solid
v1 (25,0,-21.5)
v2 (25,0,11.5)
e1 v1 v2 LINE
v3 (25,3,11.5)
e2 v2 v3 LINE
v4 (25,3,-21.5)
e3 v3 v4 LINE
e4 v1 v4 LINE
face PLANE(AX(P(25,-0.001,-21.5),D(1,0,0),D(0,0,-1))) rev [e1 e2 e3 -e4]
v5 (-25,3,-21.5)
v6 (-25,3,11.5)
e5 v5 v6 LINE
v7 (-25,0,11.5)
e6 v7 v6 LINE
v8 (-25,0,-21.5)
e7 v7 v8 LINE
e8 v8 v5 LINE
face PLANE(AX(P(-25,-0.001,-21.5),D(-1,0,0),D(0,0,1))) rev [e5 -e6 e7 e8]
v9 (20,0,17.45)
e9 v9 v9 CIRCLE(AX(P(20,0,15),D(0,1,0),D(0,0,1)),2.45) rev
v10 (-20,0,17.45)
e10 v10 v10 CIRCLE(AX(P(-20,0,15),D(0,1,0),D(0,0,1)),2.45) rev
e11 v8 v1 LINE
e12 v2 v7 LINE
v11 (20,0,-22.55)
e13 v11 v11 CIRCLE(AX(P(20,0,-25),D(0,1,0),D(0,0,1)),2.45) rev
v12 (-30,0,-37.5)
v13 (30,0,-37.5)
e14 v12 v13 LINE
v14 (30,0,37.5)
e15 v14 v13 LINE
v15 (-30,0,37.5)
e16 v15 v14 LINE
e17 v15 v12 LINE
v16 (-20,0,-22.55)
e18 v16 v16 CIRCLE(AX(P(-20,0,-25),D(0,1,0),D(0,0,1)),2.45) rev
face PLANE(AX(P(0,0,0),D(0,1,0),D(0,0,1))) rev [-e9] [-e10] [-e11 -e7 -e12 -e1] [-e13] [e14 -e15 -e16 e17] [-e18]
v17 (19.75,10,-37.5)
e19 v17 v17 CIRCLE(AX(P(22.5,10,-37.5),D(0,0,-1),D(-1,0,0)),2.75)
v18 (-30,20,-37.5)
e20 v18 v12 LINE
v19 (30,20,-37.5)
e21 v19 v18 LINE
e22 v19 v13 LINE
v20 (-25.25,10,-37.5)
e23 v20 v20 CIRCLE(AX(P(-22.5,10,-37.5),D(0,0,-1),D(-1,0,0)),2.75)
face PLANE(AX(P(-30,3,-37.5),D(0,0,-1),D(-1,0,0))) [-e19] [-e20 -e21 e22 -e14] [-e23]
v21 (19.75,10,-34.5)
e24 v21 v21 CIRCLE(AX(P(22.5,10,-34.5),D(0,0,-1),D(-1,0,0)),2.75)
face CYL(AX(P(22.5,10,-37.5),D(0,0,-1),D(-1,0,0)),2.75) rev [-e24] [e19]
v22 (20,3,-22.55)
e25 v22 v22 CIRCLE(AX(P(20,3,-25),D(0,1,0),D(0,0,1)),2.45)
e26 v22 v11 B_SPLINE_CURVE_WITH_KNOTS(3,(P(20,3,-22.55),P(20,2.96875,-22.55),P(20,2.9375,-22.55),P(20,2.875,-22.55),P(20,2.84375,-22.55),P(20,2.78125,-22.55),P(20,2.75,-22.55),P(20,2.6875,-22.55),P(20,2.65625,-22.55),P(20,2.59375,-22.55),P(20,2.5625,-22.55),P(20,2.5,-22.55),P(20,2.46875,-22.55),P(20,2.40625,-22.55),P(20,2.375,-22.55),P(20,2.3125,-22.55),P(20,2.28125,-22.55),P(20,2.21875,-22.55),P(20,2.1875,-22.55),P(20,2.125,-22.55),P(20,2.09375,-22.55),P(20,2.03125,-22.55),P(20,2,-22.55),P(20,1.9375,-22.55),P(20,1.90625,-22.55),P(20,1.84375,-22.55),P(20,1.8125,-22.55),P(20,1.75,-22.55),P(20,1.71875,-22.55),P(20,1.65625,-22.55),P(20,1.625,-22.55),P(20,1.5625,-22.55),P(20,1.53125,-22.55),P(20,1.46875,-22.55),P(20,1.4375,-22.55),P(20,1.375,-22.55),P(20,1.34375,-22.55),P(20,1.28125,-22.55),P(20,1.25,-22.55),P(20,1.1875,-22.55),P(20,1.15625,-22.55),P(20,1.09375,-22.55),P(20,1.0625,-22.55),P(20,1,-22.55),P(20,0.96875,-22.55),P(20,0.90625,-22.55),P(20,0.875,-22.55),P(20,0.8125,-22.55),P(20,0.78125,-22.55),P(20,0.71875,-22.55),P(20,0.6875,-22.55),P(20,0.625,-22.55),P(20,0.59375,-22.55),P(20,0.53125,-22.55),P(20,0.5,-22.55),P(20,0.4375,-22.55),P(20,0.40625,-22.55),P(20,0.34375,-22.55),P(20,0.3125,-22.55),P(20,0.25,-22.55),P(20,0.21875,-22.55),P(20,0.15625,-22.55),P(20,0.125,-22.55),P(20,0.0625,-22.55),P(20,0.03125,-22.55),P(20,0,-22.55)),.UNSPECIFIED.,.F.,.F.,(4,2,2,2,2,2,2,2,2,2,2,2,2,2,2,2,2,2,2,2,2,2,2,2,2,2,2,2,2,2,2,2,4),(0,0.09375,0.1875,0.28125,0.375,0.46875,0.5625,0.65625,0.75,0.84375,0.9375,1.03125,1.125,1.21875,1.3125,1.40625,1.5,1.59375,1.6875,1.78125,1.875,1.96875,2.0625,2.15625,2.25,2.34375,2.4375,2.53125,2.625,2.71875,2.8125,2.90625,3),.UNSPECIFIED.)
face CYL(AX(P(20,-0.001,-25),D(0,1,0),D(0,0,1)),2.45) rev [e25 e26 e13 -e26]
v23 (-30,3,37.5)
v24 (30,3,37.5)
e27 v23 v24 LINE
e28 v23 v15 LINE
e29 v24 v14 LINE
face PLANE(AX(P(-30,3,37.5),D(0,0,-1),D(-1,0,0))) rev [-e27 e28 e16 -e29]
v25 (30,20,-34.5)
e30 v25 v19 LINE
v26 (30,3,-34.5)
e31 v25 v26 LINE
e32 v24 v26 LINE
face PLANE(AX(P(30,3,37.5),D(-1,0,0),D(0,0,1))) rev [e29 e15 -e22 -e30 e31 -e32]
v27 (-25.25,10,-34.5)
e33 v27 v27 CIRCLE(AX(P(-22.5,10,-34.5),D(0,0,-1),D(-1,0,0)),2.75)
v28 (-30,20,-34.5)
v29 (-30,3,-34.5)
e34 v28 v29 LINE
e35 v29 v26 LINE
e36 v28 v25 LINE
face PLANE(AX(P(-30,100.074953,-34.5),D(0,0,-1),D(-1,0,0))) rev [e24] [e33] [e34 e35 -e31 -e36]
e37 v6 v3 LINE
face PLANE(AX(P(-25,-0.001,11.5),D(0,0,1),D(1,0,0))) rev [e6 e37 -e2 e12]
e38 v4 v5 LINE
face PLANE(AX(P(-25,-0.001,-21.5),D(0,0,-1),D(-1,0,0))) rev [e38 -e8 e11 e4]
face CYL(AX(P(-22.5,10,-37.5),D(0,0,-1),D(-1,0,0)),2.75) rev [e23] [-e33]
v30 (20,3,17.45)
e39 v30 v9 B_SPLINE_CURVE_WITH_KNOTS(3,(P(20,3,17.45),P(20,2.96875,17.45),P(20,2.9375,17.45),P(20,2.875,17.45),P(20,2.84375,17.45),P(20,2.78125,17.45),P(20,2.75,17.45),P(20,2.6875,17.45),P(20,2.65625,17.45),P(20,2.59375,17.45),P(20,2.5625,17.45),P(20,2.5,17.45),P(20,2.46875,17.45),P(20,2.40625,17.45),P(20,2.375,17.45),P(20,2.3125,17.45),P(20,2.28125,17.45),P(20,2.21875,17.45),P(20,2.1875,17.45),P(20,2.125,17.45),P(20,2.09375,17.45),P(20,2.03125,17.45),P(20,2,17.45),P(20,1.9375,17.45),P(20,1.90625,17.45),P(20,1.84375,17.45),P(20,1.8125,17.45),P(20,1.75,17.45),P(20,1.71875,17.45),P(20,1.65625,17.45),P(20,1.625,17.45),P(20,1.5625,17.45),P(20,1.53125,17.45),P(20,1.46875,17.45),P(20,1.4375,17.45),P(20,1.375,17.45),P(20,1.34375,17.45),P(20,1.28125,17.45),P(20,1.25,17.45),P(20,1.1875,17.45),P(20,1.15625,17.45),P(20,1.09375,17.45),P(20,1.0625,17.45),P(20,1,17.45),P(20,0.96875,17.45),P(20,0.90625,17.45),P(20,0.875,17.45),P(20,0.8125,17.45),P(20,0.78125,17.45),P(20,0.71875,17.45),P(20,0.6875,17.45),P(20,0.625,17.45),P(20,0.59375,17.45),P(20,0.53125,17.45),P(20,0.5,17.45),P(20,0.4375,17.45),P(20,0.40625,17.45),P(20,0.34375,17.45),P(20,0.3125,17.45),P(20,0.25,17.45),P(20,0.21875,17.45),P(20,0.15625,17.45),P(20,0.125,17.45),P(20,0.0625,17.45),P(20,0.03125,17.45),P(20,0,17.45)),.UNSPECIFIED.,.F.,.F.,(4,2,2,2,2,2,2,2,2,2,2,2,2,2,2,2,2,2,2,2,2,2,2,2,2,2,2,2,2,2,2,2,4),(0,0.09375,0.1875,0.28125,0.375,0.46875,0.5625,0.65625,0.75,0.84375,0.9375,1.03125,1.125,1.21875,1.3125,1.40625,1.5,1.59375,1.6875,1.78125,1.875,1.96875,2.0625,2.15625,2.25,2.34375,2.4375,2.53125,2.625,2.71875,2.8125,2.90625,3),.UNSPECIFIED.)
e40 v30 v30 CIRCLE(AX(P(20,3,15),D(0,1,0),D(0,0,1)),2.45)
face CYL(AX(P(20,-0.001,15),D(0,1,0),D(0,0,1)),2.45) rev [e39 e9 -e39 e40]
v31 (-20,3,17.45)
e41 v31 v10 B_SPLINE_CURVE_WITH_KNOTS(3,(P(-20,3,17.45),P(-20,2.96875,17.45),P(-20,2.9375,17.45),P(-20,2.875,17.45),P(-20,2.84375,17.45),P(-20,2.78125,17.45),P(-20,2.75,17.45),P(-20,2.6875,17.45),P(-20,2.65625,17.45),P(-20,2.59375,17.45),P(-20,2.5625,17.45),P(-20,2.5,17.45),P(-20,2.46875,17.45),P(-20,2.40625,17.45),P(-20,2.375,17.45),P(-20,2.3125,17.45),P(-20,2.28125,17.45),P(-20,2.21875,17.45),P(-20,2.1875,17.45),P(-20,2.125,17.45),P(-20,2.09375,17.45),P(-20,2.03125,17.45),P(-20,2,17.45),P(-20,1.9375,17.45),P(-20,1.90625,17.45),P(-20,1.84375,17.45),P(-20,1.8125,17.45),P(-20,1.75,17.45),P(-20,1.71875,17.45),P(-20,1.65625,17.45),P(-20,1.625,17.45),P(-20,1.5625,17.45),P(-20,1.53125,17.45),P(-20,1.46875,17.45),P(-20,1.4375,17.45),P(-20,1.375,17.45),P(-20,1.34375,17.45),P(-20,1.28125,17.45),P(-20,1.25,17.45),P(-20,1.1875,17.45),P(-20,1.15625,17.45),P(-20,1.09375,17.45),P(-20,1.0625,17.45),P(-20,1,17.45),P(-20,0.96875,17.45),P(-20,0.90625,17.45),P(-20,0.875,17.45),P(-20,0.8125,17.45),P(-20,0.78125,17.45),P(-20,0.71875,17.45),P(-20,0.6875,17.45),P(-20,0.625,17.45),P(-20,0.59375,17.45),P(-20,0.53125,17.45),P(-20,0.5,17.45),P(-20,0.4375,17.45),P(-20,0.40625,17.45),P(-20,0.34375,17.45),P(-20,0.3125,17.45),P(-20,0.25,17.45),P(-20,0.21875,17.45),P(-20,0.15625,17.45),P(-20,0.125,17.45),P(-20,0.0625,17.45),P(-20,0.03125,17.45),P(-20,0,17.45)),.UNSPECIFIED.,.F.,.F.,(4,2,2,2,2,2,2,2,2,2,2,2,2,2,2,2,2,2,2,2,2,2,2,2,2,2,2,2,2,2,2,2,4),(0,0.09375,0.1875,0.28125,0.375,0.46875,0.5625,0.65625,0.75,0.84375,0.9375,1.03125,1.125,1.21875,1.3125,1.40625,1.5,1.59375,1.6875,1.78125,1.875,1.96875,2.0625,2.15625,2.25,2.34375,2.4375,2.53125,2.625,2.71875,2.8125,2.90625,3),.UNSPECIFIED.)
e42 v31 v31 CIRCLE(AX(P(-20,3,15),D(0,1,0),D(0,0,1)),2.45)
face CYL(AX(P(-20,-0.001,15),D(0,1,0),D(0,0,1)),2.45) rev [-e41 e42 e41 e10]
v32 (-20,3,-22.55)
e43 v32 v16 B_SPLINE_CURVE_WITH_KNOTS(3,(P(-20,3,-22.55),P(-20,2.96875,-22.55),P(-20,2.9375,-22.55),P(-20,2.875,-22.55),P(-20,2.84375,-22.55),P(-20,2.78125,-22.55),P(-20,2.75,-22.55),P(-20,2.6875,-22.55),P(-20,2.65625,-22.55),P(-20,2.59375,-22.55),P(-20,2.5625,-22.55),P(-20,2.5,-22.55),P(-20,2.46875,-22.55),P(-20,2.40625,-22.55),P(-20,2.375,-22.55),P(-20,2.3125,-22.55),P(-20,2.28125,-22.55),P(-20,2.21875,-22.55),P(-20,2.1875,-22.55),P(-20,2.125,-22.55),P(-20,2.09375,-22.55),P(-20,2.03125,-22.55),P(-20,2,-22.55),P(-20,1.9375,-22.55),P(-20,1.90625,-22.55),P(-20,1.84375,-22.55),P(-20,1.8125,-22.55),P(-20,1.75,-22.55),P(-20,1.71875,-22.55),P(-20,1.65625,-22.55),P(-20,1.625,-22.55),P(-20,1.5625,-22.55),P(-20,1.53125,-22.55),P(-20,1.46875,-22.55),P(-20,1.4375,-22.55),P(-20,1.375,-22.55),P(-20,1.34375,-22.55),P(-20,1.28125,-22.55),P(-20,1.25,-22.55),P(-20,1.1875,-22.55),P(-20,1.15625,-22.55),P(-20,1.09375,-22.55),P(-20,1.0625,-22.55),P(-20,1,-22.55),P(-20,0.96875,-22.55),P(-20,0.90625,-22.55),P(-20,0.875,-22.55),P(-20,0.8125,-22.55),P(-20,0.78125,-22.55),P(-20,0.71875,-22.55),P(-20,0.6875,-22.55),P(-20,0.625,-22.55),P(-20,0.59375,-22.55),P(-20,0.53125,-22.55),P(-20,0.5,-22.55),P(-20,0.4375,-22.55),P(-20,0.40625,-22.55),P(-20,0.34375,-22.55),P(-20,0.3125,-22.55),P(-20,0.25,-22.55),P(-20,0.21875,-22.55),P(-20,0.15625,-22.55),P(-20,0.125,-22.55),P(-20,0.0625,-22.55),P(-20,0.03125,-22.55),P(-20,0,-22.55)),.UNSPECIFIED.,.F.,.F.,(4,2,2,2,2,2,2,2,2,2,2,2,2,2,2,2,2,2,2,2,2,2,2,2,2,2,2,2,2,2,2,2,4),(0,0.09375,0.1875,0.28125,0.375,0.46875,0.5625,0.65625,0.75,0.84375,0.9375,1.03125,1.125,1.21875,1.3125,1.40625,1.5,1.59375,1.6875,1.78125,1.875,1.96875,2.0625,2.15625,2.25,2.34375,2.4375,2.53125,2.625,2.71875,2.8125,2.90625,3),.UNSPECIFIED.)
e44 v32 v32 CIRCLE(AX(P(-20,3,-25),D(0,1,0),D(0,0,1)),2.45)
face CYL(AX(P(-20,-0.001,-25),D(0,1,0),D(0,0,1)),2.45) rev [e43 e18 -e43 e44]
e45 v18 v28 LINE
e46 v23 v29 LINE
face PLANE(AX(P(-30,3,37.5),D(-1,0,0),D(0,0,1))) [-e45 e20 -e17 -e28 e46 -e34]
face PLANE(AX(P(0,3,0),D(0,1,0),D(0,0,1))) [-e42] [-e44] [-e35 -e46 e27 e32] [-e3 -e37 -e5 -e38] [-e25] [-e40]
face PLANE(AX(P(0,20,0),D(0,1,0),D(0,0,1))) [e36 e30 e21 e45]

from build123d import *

# Parameters (mm, degrees)
SKETCH1_W            = 60
SKETCH1_H            = 75
BOSS_EXTRUDE1_DEPTH  = 3
SKETCH2_W            = 60
SKETCH2_H            = 3
BOSS_EXTRUDE2_DEPTH  = 17
CUT_EXTRUDE1_REACH   = 52.944
SKETCH3_W            = 50
SKETCH3_H            = 33
CUT_EXTRUDE2_REACH   = 52.944
SKETCH4_R            = 2.45
M5_CLEARANCE_HOLE1_D = 5.5


with BuildPart() as part:
    # Sketch1 → Boss-Extrude1 (new body)
    with BuildSketch(Plane(origin=(0, 0, 0), x_dir=(1, 0, 0), z_dir=(0, 1, 0))):
        Rectangle(SKETCH1_W, SKETCH1_H)
    extrude(amount=BOSS_EXTRUDE1_DEPTH)

    # Sketch2 → Boss-Extrude2 (add)
    with BuildSketch(Plane(origin=(0, 3, 0), x_dir=(1, 0, 0), z_dir=(0, 1, 0))):
        with Locations((0, 36)):
            Rectangle(SKETCH2_W, SKETCH2_H)
    extrude(amount=BOSS_EXTRUDE2_DEPTH)

    # Sketch3 → Cut-Extrude1 (cut, up to next)
    with BuildSketch(Plane(origin=(0, 3, 0), x_dir=(1, 0, 0), z_dir=(0, 1, 0)), mode=Mode.PRIVATE) as cut_extrude1_sk1:
        with Locations((0, 5)):
            Rectangle(SKETCH3_W, SKETCH3_H)
    cut_extrude1_tool1 = extrude(cut_extrude1_sk1.sketch, amount=-CUT_EXTRUDE1_REACH, mode=Mode.PRIVATE) & part.part
    add(cut_extrude1_tool1.solids().sort_by_distance((0, 3, -5))[0], mode=Mode.SUBTRACT)

    # Sketch4 → Cut-Extrude2 (cut, up to next)
    with BuildSketch(Plane(origin=(0, 3, 0), x_dir=(1, 0, 0), z_dir=(0, 1, 0)), mode=Mode.PRIVATE) as cut_extrude2_sk1:
        with Locations(Location((-20, 25, 0), (0, 0, 270))):
            Circle(SKETCH4_R)
    cut_extrude2_tool1 = extrude(cut_extrude2_sk1.sketch, amount=-CUT_EXTRUDE2_REACH, mode=Mode.PRIVATE) & part.part
    # Sketch4 → Cut-Extrude2 (cut, up to next)
    with BuildSketch(Plane(origin=(0, 3, 0), x_dir=(1, 0, 0), z_dir=(0, 1, 0)), mode=Mode.PRIVATE) as cut_extrude2_sk2:
        with Locations(Location((20, 25, 0), (0, 0, 270))):
            Circle(SKETCH4_R)
    cut_extrude2_tool2 = extrude(cut_extrude2_sk2.sketch, amount=-CUT_EXTRUDE2_REACH, mode=Mode.PRIVATE) & part.part
    # Sketch4 → Cut-Extrude2 (cut, up to next)
    with BuildSketch(Plane(origin=(0, 3, 0), x_dir=(1, 0, 0), z_dir=(0, 1, 0)), mode=Mode.PRIVATE) as cut_extrude2_sk3:
        with Locations(Location((20, -15, 0), (0, 0, 270))):
            Circle(SKETCH4_R)
    cut_extrude2_tool3 = extrude(cut_extrude2_sk3.sketch, amount=-CUT_EXTRUDE2_REACH, mode=Mode.PRIVATE) & part.part
    # Sketch4 → Cut-Extrude2 (cut, up to next)
    with BuildSketch(Plane(origin=(0, 3, 0), x_dir=(1, 0, 0), z_dir=(0, 1, 0)), mode=Mode.PRIVATE) as cut_extrude2_sk4:
        with Locations(Location((-20, -15, 0), (0, 0, 270))):
            Circle(SKETCH4_R)
    cut_extrude2_tool4 = extrude(cut_extrude2_sk4.sketch, amount=-CUT_EXTRUDE2_REACH, mode=Mode.PRIVATE) & part.part
    add(cut_extrude2_tool1.solids().sort_by_distance((-20, 3, -25))[0], mode=Mode.SUBTRACT)
    add(cut_extrude2_tool2.solids().sort_by_distance((20, 3, -25))[0], mode=Mode.SUBTRACT)
    add(cut_extrude2_tool3.solids().sort_by_distance((20, 3, 15))[0], mode=Mode.SUBTRACT)
    add(cut_extrude2_tool4.solids().sort_by_distance((-20, 3, 15))[0], mode=Mode.SUBTRACT)

    # M5 Clearance Hole1 (through all)
    with Locations(Plane(origin=(22.5, 10, -37.5), x_dir=(-1, 0, 0), z_dir=(0, 0, -1))):
        with Locations((0, 0), (45, 0)):
            Hole(M5_CLEARANCE_HOLE1_D / 2)


solid = part.part
